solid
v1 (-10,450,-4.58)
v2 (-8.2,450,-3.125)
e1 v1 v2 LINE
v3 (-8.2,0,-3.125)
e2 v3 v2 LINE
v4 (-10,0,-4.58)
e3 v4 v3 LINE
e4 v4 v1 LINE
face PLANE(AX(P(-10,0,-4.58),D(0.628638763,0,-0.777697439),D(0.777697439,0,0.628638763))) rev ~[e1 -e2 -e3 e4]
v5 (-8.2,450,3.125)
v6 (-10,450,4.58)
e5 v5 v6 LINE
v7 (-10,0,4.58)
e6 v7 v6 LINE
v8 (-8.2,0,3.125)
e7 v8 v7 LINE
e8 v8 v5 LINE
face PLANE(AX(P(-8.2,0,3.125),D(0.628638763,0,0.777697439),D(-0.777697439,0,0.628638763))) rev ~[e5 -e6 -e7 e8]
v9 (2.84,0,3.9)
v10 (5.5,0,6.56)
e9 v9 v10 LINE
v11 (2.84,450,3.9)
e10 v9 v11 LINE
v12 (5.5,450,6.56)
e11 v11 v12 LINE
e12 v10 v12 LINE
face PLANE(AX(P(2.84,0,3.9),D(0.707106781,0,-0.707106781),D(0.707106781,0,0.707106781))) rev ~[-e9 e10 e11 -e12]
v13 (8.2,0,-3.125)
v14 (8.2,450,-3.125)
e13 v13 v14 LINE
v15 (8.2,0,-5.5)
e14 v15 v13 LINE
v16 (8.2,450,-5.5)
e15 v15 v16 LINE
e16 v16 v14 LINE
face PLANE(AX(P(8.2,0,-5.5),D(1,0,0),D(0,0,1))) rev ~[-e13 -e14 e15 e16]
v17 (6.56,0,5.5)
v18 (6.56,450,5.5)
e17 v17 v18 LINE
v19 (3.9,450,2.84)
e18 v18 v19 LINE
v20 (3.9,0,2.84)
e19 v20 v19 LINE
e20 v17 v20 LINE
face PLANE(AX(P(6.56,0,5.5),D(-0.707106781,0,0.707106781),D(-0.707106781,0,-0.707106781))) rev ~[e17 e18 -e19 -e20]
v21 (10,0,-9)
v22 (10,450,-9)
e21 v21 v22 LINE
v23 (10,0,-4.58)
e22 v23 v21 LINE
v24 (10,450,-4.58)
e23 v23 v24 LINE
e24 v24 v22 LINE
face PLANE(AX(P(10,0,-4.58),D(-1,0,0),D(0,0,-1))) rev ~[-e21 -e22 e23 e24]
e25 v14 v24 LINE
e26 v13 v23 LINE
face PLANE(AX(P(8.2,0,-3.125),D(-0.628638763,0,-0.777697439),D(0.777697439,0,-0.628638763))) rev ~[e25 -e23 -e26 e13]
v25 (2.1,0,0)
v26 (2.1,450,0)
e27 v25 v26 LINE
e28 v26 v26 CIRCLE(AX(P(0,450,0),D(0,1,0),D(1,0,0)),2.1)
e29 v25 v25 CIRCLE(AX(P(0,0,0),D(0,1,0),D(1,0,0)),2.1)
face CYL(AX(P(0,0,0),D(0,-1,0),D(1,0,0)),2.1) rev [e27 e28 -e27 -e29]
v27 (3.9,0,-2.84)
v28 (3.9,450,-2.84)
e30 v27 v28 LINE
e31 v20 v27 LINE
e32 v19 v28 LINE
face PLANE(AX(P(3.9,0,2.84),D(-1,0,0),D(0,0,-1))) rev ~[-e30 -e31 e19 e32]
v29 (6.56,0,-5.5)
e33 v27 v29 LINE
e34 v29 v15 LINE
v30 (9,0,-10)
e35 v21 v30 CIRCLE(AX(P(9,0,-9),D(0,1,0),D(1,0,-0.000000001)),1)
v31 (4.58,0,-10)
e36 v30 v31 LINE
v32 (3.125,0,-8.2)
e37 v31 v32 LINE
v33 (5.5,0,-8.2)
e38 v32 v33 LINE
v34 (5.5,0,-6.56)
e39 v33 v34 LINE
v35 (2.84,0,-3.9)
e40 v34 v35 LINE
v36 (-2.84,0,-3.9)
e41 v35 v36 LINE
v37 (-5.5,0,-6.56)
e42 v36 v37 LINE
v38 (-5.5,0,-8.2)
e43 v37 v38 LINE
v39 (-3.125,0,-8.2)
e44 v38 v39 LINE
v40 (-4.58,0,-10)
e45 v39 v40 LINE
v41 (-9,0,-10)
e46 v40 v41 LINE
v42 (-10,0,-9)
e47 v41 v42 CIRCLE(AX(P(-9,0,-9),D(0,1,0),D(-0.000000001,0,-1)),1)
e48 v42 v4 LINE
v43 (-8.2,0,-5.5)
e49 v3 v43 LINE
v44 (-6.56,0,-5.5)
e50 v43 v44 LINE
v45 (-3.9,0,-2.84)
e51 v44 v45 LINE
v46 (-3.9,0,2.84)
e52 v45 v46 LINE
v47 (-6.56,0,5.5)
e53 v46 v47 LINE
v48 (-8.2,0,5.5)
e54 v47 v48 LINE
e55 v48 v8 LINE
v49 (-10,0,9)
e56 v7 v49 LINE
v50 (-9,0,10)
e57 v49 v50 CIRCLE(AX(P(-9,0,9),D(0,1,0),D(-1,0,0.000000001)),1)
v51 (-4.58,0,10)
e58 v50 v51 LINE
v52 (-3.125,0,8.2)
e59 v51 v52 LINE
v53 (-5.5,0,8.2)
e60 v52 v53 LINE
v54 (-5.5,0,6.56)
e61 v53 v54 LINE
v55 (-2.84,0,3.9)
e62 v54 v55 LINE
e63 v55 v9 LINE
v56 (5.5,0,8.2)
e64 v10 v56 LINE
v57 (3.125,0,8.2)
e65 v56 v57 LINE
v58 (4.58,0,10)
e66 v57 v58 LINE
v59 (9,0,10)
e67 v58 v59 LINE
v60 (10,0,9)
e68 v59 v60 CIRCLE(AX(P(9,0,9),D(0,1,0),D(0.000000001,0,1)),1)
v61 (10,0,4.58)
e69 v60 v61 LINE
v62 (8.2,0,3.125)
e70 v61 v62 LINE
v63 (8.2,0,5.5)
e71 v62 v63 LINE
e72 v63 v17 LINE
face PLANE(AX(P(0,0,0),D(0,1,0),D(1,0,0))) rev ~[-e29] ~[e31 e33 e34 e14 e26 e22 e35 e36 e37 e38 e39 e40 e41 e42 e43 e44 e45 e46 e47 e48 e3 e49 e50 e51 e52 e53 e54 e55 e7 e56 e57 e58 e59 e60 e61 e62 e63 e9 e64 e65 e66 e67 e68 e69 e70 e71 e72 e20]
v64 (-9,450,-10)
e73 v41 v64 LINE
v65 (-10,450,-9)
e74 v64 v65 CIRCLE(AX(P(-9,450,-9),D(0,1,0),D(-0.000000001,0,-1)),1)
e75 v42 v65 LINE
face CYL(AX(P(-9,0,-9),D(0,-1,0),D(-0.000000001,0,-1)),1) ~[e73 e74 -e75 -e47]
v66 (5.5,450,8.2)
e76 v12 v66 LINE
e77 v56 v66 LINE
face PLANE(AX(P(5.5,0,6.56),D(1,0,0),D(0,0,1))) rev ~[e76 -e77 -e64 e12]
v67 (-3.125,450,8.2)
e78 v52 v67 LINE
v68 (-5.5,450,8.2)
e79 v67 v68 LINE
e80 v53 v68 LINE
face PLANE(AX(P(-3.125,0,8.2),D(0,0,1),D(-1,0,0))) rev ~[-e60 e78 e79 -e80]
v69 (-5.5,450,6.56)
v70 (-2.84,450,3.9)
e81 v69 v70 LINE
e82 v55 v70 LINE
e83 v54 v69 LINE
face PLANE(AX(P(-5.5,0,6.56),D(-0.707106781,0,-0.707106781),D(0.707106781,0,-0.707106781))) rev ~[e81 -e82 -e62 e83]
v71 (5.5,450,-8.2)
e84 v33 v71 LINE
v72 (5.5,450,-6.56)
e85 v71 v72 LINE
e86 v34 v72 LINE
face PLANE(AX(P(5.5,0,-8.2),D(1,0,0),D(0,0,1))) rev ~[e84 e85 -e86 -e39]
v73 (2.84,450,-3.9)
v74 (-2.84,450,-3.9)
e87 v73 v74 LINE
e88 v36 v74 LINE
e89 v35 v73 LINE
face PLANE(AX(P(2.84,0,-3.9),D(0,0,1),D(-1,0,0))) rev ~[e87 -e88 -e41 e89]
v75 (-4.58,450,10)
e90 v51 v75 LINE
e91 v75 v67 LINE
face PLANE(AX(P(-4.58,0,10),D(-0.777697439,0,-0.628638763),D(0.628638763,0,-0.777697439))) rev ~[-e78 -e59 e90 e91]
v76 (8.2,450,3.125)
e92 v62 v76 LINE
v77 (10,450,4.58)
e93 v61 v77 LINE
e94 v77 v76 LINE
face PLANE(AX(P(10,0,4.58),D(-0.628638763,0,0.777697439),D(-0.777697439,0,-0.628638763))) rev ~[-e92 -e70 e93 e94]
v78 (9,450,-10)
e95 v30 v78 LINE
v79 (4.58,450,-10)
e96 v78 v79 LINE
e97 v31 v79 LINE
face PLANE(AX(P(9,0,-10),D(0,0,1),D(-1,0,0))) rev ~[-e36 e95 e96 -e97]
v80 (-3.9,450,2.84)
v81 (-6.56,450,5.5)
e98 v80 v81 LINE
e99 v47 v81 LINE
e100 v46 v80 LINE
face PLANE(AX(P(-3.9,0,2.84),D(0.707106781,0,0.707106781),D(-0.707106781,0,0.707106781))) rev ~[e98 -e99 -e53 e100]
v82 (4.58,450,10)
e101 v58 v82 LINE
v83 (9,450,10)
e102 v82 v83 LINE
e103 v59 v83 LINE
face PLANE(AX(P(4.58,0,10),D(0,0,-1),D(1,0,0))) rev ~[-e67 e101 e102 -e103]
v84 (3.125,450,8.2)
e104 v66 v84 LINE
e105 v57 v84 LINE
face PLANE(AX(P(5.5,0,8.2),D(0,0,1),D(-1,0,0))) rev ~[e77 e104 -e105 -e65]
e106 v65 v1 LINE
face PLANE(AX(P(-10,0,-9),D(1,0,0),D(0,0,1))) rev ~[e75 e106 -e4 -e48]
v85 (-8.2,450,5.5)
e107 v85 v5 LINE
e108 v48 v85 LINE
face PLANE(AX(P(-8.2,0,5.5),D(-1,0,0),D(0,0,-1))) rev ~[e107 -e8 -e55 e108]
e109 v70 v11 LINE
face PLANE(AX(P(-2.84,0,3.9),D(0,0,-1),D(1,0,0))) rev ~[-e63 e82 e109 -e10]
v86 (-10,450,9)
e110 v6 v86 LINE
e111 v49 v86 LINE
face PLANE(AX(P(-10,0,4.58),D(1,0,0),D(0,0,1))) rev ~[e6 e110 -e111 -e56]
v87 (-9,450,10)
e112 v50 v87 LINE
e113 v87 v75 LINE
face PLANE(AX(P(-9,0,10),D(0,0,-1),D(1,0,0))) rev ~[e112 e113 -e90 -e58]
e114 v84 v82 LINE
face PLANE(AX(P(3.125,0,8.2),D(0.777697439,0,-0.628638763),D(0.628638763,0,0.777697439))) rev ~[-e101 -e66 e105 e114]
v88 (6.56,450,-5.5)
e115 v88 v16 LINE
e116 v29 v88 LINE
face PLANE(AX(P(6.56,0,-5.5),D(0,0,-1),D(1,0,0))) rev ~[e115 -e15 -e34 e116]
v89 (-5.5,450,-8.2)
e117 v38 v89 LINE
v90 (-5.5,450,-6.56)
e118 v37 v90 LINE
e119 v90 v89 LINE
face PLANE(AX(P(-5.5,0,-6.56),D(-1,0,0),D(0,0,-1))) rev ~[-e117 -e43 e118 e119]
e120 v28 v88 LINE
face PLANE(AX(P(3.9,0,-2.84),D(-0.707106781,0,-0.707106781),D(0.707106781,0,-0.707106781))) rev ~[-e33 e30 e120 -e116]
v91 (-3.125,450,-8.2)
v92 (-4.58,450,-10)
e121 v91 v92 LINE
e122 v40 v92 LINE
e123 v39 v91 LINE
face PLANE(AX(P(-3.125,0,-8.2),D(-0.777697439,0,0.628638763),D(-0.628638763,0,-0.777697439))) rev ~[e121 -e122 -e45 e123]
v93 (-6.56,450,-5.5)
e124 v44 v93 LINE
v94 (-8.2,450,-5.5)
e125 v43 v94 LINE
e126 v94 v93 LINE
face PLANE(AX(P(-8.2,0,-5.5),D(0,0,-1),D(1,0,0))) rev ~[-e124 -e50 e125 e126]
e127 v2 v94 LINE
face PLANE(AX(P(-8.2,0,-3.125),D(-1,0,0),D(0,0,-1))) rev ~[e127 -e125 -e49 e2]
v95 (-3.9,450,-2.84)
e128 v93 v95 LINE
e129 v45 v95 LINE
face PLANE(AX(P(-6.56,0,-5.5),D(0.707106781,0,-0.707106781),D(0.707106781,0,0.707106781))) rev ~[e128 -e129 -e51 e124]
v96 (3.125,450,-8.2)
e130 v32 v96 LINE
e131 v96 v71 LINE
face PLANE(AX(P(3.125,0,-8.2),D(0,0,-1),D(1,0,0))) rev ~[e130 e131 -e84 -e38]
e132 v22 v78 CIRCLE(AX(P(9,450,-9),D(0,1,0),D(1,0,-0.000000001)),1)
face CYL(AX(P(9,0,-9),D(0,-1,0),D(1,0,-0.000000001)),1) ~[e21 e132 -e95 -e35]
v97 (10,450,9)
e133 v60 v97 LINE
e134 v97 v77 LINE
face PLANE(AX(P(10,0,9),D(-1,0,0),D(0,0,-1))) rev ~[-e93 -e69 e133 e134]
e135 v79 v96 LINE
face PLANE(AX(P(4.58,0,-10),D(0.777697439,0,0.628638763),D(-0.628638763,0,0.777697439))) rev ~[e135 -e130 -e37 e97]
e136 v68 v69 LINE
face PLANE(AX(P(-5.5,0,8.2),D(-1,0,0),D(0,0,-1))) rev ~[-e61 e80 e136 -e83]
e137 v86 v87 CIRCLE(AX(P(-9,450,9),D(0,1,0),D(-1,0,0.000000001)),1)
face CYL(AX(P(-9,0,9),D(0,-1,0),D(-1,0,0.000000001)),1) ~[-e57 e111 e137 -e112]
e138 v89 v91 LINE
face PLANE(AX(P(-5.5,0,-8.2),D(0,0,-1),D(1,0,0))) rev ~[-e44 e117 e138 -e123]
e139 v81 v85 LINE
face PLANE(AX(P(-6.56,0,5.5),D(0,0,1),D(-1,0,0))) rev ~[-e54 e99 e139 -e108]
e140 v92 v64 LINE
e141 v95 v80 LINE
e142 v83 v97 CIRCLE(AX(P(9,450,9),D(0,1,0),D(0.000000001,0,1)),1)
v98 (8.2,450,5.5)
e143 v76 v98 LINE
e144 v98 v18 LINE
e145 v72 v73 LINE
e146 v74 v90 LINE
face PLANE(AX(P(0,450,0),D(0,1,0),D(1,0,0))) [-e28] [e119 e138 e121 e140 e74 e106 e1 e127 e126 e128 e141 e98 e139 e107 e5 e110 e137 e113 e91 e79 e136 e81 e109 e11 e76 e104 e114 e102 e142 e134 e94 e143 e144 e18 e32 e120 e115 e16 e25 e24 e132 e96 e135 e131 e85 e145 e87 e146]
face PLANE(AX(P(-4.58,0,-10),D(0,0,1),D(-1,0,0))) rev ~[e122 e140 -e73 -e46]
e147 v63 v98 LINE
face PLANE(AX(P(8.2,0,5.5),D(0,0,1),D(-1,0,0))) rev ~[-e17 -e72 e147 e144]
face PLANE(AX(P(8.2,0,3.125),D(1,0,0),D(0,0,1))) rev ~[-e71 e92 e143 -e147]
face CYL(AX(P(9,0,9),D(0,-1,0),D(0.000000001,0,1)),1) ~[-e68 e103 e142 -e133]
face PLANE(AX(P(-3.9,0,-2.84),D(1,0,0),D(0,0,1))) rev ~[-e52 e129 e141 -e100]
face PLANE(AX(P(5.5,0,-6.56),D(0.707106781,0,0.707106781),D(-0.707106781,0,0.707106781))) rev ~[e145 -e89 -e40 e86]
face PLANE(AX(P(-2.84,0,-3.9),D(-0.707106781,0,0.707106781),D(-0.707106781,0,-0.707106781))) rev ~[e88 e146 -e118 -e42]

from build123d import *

# Parameters (mm, degrees)
SKETCH1_R           = 2.1
BOSS_EXTRUDE1_DEPTH = 450


with BuildPart() as part:
    # Sketch1 → Boss-Extrude1 (new body)
    with BuildSketch(Plane(origin=(0, 0, 0), x_dir=(1, 0, 0), z_dir=(0, 1, 0))):
        with BuildLine():
            Line((-5.5, 8.2), (-3.125, 8.2))
            Line((-3.125, 8.2), (-4.58, 10))
            Line((-4.58, 10), (-9, 10))
            ThreePointArc((-9, 10), (-9.707106781, 9.707106781), (-10, 9))
            Line((-10, 9), (-10, 4.58))
            Line((-10, 4.58), (-8.2, 3.125))
            Line((-8.2, 3.125), (-8.2, 5.5))
            Line((-8.2, 5.5), (-6.56, 5.5))
            Line((-6.56, 5.5), (-3.9, 2.84))
            Line((-3.9, 2.84), (-3.9, -2.84))
            Line((-3.9, -2.84), (-6.56, -5.5))
            Line((-6.56, -5.5), (-8.2, -5.5))
            Line((-8.2, -5.5), (-8.2, -3.125))
            Line((-8.2, -3.125), (-10, -4.58))
            Line((-10, -4.58), (-10, -9))
            ThreePointArc((-10, -9), (-9.707106781, -9.707106781), (-9, -10))
            Line((-9, -10), (-4.58, -10))
            Line((-4.58, -10), (-3.125, -8.2))
            Line((-3.125, -8.2), (-5.5, -8.2))
            Line((-5.5, -8.2), (-5.5, -6.56))
            Line((-5.5, -6.56), (-2.84, -3.9))
            Line((-2.84, -3.9), (2.84, -3.9))
            Line((2.84, -3.9), (5.5, -6.56))
            Line((5.5, -6.56), (5.5, -8.2))
            Line((5.5, -8.2), (3.125, -8.2))
            Line((3.125, -8.2), (4.58, -10))
            Line((4.58, -10), (9, -10))
            ThreePointArc((9, -10), (9.707106781, -9.707106781), (10, -9))
            Line((10, -9), (10, -4.58))
            Line((10, -4.58), (8.2, -3.125))
            Line((8.2, -3.125), (8.2, -5.5))
            Line((8.2, -5.5), (6.56, -5.5))
            Line((6.56, -5.5), (3.9, -2.84))
            Line((3.9, -2.84), (3.9, 2.84))
            Line((3.9, 2.84), (6.56, 5.5))
            Line((6.56, 5.5), (8.2, 5.5))
            Line((8.2, 5.5), (8.2, 3.125))
            Line((8.2, 3.125), (10, 4.58))
            Line((10, 4.58), (10, 9))
            ThreePointArc((10, 9), (9.707106781, 9.707106781), (9, 10))
            Line((9, 10), (4.58, 10))
            Line((4.58, 10), (3.125, 8.2))
            Line((3.125, 8.2), (5.5, 8.2))
            Line((5.5, 8.2), (5.5, 6.56))
            Line((5.5, 6.56), (2.84, 3.9))
            Line((2.84, 3.9), (-2.84, 3.9))
            Line((-2.84, 3.9), (-5.5, 6.56))
            Line((-5.5, 6.56), (-5.5, 8.2))
        make_face()
        Circle(SKETCH1_R, mode=Mode.SUBTRACT)
    extrude(amount=BOSS_EXTRUDE1_DEPTH)


solid = part.part
